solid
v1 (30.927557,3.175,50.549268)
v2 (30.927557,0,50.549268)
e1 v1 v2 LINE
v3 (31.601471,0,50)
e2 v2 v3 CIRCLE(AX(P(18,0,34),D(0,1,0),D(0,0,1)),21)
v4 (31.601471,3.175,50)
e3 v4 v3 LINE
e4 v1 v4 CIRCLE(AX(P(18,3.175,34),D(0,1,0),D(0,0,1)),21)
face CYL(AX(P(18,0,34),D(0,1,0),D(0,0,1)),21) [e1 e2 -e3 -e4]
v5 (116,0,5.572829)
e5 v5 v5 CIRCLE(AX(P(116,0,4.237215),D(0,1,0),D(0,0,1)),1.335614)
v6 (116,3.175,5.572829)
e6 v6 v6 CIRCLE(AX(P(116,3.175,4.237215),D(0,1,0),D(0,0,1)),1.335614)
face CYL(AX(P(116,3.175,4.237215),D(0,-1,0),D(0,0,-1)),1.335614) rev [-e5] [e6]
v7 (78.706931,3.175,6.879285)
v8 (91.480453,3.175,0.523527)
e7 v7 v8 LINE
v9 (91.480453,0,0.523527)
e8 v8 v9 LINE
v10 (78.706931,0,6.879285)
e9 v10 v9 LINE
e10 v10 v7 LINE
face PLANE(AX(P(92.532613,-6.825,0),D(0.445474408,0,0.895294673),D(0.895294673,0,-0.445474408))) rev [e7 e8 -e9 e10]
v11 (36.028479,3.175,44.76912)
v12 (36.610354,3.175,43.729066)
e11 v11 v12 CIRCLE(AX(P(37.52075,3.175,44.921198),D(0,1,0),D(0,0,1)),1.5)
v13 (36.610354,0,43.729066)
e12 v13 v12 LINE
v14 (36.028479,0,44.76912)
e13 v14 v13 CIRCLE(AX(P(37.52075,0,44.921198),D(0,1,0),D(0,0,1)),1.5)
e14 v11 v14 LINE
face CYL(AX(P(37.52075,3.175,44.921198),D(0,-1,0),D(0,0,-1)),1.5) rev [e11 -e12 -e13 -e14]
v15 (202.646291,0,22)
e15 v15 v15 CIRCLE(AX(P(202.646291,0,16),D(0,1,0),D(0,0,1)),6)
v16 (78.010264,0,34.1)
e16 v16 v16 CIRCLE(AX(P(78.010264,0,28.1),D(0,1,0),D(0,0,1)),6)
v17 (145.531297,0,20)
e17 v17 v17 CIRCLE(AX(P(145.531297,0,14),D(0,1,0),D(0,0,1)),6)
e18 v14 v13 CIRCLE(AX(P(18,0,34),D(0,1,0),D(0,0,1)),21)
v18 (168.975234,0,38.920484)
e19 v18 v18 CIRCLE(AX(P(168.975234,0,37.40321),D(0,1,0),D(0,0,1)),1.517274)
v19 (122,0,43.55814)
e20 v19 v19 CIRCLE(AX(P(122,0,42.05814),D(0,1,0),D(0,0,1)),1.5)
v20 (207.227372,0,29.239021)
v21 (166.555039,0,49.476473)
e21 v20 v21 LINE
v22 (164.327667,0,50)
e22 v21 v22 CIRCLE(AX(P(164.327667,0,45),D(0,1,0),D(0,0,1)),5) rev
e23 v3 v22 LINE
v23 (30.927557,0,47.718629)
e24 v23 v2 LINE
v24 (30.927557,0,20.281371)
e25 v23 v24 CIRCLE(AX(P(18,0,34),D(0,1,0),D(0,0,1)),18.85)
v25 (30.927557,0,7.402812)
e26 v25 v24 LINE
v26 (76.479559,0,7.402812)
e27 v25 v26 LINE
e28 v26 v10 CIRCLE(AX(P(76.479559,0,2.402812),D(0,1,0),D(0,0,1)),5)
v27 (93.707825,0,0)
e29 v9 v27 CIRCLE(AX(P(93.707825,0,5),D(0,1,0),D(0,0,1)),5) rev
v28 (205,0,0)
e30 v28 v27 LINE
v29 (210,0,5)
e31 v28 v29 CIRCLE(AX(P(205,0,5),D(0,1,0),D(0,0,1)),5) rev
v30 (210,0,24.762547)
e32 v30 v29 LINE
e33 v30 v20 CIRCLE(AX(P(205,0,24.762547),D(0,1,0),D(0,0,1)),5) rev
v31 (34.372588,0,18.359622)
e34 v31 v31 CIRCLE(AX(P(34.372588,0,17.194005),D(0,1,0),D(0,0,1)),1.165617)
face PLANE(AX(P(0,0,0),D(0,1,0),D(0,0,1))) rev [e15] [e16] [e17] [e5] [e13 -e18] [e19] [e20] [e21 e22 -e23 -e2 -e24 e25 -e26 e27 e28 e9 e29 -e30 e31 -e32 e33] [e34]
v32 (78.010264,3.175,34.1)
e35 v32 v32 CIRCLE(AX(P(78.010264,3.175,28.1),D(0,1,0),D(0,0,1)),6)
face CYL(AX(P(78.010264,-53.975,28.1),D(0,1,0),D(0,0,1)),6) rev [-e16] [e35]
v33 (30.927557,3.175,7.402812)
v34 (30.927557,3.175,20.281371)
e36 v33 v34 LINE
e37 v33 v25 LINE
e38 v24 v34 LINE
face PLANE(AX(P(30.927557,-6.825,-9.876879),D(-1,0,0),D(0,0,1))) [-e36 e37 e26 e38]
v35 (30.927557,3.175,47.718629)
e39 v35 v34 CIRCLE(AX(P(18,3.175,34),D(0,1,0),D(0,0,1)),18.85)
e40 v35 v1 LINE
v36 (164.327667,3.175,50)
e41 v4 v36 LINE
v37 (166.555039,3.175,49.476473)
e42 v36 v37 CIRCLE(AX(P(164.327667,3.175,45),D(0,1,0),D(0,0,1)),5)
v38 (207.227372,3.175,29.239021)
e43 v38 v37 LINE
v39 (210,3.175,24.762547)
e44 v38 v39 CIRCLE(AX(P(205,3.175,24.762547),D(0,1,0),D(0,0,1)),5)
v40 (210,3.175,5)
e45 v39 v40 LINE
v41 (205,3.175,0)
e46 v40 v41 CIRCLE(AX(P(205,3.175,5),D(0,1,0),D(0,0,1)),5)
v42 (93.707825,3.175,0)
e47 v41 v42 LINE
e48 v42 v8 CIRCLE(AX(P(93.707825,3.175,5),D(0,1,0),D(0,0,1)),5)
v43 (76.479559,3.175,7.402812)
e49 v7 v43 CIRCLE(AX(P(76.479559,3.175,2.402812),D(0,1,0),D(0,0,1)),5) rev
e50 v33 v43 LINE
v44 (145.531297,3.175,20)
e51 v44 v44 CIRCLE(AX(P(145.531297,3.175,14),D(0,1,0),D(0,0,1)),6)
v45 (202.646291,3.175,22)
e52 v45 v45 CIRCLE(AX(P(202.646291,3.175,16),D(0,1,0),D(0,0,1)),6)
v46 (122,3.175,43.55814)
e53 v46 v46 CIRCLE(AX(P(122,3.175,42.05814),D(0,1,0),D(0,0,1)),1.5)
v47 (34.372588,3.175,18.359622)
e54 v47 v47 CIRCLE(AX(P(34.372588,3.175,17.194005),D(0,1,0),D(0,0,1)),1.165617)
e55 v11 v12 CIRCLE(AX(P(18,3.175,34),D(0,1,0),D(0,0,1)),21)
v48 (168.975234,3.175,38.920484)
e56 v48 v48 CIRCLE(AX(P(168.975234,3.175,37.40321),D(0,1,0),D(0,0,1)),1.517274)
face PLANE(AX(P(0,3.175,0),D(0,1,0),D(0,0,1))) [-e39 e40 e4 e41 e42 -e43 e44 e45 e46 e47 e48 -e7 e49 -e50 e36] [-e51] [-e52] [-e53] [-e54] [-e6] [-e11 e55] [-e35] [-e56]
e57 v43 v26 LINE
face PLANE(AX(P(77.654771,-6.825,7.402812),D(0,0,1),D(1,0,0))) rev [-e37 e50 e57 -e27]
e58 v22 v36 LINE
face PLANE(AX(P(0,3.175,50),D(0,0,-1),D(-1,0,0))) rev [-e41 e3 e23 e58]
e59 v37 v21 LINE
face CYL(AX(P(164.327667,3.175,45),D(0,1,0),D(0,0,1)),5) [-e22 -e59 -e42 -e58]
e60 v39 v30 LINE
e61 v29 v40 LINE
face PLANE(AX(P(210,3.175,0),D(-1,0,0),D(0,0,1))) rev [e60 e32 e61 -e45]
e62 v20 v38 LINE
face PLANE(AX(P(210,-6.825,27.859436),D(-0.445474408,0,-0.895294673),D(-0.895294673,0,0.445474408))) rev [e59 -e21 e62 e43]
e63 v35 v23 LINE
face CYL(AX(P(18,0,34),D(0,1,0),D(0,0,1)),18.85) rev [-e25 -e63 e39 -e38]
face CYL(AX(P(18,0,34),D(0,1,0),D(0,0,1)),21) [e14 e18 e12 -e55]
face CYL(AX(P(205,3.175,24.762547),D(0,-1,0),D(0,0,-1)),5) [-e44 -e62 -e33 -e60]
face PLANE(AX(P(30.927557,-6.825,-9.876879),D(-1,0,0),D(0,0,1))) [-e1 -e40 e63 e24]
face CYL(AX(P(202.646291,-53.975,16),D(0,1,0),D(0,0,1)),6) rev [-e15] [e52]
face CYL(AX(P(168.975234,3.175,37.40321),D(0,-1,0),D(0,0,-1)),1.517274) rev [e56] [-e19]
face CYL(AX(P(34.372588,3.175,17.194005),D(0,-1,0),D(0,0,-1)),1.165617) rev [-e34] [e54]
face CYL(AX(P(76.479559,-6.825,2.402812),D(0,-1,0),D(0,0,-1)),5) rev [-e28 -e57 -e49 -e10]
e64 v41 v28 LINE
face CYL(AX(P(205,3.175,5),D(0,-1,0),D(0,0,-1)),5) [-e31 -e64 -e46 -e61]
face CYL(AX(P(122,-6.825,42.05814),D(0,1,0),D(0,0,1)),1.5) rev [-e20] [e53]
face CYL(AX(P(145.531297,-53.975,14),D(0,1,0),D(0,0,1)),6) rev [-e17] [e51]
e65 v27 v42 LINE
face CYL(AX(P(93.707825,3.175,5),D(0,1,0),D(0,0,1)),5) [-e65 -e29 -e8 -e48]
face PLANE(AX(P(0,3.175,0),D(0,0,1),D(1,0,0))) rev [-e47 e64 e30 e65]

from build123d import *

# Parameters (mm, degrees)
SKETCH1_W           = 210
SKETCH1_H           = 50
SKETCH1_R           = 1.211665018
SKETCH1_R_2         = 1.165617118
SKETCH1_R_3         = 1.5
SKETCH1_R_4         = 1.517273905
SKETCH1_R_5         = 1.335614121
SKETCH1_R_6         = 1.62438417
BOSS_EXTRUDE1_DEPTH = 3.175
SKETCH2_R           = 2
CUT_EXTRUDE1_DEPTH  = 10
SKETCH3_R           = 6
SKETCH3_R_2         = 0.586995366
CUT_EXTRUDE2_DEPTH  = 57.15
CUT_EXTRUDE7_DEPTH  = 10
FILLET3_R           = 5
SKETCH11_R          = 18.5
SKETCH11_R_2        = 2
BOSS_EXTRUDE4_DEPTH = 3.175
SKETCH12_R          = 21
BOSS_EXTRUDE5_DEPTH = 3.175
SKETCH13_R          = 18.85
CUT_EXTRUDE8_DEPTH  = 3.175
BOSS_EXTRUDE6_DEPTH = 3.175
FILLET4_R           = 5
SKETCH15_R          = 1.5
CUT_EXTRUDE9_DEPTH  = 10
SKETCH16_R          = 1.5
CUT_EXTRUDE10_DEPTH = 10
SKETCH17_W          = 82.811100577
SKETCH17_H          = 66.522656387
CUT_EXTRUDE11_DEPTH = 10


with BuildPart() as part:
    # Sketch1 → Boss-Extrude1 (new body)
    with BuildSketch(Plane(origin=(0, 0, 0), x_dir=(1, 0, 0), z_dir=(0, 1, 0))):
        with Locations((105, -25)):
            Rectangle(SKETCH1_W, SKETCH1_H)
        with Locations(Location((3.489526233, -16.787661112, 0), (0, 0, 270))):
            Circle(SKETCH1_R, mode=Mode.SUBTRACT)
        with Locations(Location((34.37258772, -17.194005245, 0), (0, 0, 270))):
            Circle(SKETCH1_R_2, mode=Mode.SUBTRACT)
        with Locations(Location((37.520749958, -44.921198121, 0), (0, 0, 270))):
            Circle(SKETCH1_R_3, mode=Mode.SUBTRACT)
        with Locations(Location((168.975233936, -37.403209633, 0), (0, 0, 270))):
            Circle(SKETCH1_R_4, mode=Mode.SUBTRACT)
        with Locations(Location((116, -4.237214774, 0), (0, 0, 270))):
            Circle(SKETCH1_R_5, mode=Mode.SUBTRACT)
        with Locations(Location((12.257640281, -3.274812063, 0), (0, 0, 270))):
            Circle(SKETCH1_R_6, mode=Mode.SUBTRACT)
    extrude(amount=BOSS_EXTRUDE1_DEPTH)

    # Sketch2 → Cut-Extrude1 (cut)
    with BuildSketch(Plane(origin=(0, 3.175, 0), x_dir=(1, 0, 0), z_dir=(0, 1, 0))):
        with Locations(Location((10, -26, 0), (0, 0, 270))):
            Circle(SKETCH2_R)
        with Locations(Location((10, -42, 0), (0, 0, 270))):
            Circle(SKETCH2_R)
        with Locations(Location((26, -26, 0), (0, 0, 270))):
            Circle(SKETCH2_R)
        with Locations(Location((26, -42, 0), (0, 0, 270))):
            Circle(SKETCH2_R)
    extrude(amount=-CUT_EXTRUDE1_DEPTH, mode=Mode.SUBTRACT)

    # Sketch3 → Cut-Extrude2 (cut)
    with BuildSketch(Plane(origin=(0, 3.175, 0), x_dir=(1, 0, 0), z_dir=(0, 1, 0))):
        with Locations(Location((78.01026379, -28.1, 0), (0, 0, 270))):
            Circle(SKETCH3_R)
        with Locations(Location((145.531297368, -14, 0), (0, 0, 270))):
            Circle(SKETCH3_R)
        with Locations(Location((18, -34, 0), (0, 0, 270))):
            Circle(SKETCH3_R_2)
        with Locations(Location((202.646291021, -16, 0), (0, 0, 270))):
            Circle(SKETCH3_R)
    extrude(amount=-CUT_EXTRUDE2_DEPTH, mode=Mode.SUBTRACT)

    # Sketch10 → Cut-Extrude7 (cut)
    with BuildSketch(Plane(origin=(0, 3.175, 0), x_dir=(1, 0, 0), z_dir=(0, 1, 0))):
        Polygon((210, -27.859435908), (165.502877994, -50), (210, -50), align=None)
        Polygon((92.532613397, 0), (77.65477062, -7.402812063), (0, -7.402812063), (0, 0), align=None)
    extrude(amount=-CUT_EXTRUDE7_DEPTH, mode=Mode.SUBTRACT)

    # Fillet3
    fillet3_edges = [part.edges().sort_by_distance(p)[0] for p in [
        (210, 1.5875, 0),
        (0, 1.5875, 50),
        (92.532613397, 1.5875, 0),
        (210, 1.5875, 27.859435908),
        (165.502877994, 1.5875, 50),
        (77.65477062, 1.5875, 7.402812063),
        (0, 1.5875, 7.402812063),
    ]]
    fillet(fillet3_edges, radius=FILLET3_R)

    # Sketch11 → Boss-Extrude4 (add)
    with BuildSketch(Plane(origin=(0, 3.175, 0), x_dir=(1, 0, 0), z_dir=(0, 1, 0))):
        with Locations((18, -34)):
            Circle(SKETCH11_R)
        with Locations(Location((10, -26, 0), (0, 0, 270))):
            Circle(SKETCH11_R_2, mode=Mode.SUBTRACT)
        with Locations(Location((10, -42, 0), (0, 0, 270))):
            Circle(SKETCH11_R_2, mode=Mode.SUBTRACT)
        with Locations(Location((26, -26, 0), (0, 0, 270))):
            Circle(SKETCH11_R_2, mode=Mode.SUBTRACT)
        with Locations(Location((26, -42, 0), (0, 0, 270))):
            Circle(SKETCH11_R_2, mode=Mode.SUBTRACT)
    extrude(amount=-BOSS_EXTRUDE4_DEPTH)

    # Sketch12 → Boss-Extrude5 (add)
    with BuildSketch(Plane(origin=(0, 3.175, 0), x_dir=(1, 0, 0), z_dir=(0, 1, 0))):
        with Locations((18, -34)):
            Circle(SKETCH12_R)
    extrude(amount=-BOSS_EXTRUDE5_DEPTH)

    # Sketch13 → Cut-Extrude8 (cut)
    with BuildSketch(Plane(origin=(0, 3.175, 0), x_dir=(1, 0, 0), z_dir=(0, 1, 0))):
        with Locations(Location((18, -34, 0), (0, 0, 270))):
            Circle(SKETCH13_R)
    extrude(amount=-CUT_EXTRUDE8_DEPTH, mode=Mode.SUBTRACT)

    # Sketch14 → Boss-Extrude6 (add)
    with BuildSketch(Plane(origin=(0, 3.175, 0), x_dir=(1, 0, 0), z_dir=(0, 1, 0))):
        with BuildLine():
            Line((-35.83, -34.272812063), (-2.998227868, -34.272812063))
            ThreePointArc((-2.998227868, -34.272812063), (-2.272136238, -28.519079241), (0, -23.183346174))
            Line((0, -23.183346174), (0, -12.402812063))
            Line((0, -12.402812063), (0, -12.248529085))
            Line((0, -12.248529085), (0, 0.727187937))
            Line((0, 0.727187937), (-35.83, 0.727187937))
            Line((-35.83, 0.727187937), (-35.83, -34.272812063))
        make_face()
        with BuildLine():
            Line((0, 0.727187937), (0, -12.248529085))
            Line((0, -12.248529085), (0.002380891, -12.248529085))
            ThreePointArc((0.002380891, -12.248529085), (1.51944077, -8.813145304), (5, -7.402812063))
            Line((5, -7.402812063), (18, -7.402812063))
            Line((18, -7.402812063), (18, 0.727187937))
            Line((18, 0.727187937), (0, 0.727187937))
        make_face()
    extrude(amount=-BOSS_EXTRUDE6_DEPTH)

    # Fillet4
    fillet4_edges = [part.edges().sort_by_distance(p)[0] for p in [
        (-35.83, 1.5875, 34.272812063),
        (-35.83, 1.5875, -0.727187937),
        (18, 1.5875, -0.727187937),
    ]]
    fillet(fillet4_edges, radius=FILLET4_R)

    # Sketch15 → Cut-Extrude9 (cut)
    with BuildSketch(Plane(origin=(0, 3.175, 0), x_dir=(1, 0, 0), z_dir=(0, 1, 0))):
        with Locations(Location((122, -42.058139805, 0), (0, 0, 270))):
            Circle(SKETCH15_R)
    extrude(amount=-CUT_EXTRUDE9_DEPTH, mode=Mode.SUBTRACT)

    # Sketch16 → Cut-Extrude10 (cut)
    with BuildSketch(Plane(origin=(0, 3.175, 0), x_dir=(1, 0, 0), z_dir=(0, 1, 0))):
        with Locations(Location((12, -3.272812063, 0), (0, 0, 270))):
            Circle(SKETCH16_R)
    extrude(amount=-CUT_EXTRUDE10_DEPTH, mode=Mode.SUBTRACT)

    # Sketch17 → Cut-Extrude11 (cut)
    with BuildSketch(Plane(origin=(0, 3.175, 0), x_dir=(1, 0, 0), z_dir=(0, 1, 0))):
        with Locations((-10.47799366, -23.384449303)):
            Rectangle(SKETCH17_W, SKETCH17_H)
    extrude(amount=-CUT_EXTRUDE11_DEPTH, mode=Mode.SUBTRACT)


solid = part.part
